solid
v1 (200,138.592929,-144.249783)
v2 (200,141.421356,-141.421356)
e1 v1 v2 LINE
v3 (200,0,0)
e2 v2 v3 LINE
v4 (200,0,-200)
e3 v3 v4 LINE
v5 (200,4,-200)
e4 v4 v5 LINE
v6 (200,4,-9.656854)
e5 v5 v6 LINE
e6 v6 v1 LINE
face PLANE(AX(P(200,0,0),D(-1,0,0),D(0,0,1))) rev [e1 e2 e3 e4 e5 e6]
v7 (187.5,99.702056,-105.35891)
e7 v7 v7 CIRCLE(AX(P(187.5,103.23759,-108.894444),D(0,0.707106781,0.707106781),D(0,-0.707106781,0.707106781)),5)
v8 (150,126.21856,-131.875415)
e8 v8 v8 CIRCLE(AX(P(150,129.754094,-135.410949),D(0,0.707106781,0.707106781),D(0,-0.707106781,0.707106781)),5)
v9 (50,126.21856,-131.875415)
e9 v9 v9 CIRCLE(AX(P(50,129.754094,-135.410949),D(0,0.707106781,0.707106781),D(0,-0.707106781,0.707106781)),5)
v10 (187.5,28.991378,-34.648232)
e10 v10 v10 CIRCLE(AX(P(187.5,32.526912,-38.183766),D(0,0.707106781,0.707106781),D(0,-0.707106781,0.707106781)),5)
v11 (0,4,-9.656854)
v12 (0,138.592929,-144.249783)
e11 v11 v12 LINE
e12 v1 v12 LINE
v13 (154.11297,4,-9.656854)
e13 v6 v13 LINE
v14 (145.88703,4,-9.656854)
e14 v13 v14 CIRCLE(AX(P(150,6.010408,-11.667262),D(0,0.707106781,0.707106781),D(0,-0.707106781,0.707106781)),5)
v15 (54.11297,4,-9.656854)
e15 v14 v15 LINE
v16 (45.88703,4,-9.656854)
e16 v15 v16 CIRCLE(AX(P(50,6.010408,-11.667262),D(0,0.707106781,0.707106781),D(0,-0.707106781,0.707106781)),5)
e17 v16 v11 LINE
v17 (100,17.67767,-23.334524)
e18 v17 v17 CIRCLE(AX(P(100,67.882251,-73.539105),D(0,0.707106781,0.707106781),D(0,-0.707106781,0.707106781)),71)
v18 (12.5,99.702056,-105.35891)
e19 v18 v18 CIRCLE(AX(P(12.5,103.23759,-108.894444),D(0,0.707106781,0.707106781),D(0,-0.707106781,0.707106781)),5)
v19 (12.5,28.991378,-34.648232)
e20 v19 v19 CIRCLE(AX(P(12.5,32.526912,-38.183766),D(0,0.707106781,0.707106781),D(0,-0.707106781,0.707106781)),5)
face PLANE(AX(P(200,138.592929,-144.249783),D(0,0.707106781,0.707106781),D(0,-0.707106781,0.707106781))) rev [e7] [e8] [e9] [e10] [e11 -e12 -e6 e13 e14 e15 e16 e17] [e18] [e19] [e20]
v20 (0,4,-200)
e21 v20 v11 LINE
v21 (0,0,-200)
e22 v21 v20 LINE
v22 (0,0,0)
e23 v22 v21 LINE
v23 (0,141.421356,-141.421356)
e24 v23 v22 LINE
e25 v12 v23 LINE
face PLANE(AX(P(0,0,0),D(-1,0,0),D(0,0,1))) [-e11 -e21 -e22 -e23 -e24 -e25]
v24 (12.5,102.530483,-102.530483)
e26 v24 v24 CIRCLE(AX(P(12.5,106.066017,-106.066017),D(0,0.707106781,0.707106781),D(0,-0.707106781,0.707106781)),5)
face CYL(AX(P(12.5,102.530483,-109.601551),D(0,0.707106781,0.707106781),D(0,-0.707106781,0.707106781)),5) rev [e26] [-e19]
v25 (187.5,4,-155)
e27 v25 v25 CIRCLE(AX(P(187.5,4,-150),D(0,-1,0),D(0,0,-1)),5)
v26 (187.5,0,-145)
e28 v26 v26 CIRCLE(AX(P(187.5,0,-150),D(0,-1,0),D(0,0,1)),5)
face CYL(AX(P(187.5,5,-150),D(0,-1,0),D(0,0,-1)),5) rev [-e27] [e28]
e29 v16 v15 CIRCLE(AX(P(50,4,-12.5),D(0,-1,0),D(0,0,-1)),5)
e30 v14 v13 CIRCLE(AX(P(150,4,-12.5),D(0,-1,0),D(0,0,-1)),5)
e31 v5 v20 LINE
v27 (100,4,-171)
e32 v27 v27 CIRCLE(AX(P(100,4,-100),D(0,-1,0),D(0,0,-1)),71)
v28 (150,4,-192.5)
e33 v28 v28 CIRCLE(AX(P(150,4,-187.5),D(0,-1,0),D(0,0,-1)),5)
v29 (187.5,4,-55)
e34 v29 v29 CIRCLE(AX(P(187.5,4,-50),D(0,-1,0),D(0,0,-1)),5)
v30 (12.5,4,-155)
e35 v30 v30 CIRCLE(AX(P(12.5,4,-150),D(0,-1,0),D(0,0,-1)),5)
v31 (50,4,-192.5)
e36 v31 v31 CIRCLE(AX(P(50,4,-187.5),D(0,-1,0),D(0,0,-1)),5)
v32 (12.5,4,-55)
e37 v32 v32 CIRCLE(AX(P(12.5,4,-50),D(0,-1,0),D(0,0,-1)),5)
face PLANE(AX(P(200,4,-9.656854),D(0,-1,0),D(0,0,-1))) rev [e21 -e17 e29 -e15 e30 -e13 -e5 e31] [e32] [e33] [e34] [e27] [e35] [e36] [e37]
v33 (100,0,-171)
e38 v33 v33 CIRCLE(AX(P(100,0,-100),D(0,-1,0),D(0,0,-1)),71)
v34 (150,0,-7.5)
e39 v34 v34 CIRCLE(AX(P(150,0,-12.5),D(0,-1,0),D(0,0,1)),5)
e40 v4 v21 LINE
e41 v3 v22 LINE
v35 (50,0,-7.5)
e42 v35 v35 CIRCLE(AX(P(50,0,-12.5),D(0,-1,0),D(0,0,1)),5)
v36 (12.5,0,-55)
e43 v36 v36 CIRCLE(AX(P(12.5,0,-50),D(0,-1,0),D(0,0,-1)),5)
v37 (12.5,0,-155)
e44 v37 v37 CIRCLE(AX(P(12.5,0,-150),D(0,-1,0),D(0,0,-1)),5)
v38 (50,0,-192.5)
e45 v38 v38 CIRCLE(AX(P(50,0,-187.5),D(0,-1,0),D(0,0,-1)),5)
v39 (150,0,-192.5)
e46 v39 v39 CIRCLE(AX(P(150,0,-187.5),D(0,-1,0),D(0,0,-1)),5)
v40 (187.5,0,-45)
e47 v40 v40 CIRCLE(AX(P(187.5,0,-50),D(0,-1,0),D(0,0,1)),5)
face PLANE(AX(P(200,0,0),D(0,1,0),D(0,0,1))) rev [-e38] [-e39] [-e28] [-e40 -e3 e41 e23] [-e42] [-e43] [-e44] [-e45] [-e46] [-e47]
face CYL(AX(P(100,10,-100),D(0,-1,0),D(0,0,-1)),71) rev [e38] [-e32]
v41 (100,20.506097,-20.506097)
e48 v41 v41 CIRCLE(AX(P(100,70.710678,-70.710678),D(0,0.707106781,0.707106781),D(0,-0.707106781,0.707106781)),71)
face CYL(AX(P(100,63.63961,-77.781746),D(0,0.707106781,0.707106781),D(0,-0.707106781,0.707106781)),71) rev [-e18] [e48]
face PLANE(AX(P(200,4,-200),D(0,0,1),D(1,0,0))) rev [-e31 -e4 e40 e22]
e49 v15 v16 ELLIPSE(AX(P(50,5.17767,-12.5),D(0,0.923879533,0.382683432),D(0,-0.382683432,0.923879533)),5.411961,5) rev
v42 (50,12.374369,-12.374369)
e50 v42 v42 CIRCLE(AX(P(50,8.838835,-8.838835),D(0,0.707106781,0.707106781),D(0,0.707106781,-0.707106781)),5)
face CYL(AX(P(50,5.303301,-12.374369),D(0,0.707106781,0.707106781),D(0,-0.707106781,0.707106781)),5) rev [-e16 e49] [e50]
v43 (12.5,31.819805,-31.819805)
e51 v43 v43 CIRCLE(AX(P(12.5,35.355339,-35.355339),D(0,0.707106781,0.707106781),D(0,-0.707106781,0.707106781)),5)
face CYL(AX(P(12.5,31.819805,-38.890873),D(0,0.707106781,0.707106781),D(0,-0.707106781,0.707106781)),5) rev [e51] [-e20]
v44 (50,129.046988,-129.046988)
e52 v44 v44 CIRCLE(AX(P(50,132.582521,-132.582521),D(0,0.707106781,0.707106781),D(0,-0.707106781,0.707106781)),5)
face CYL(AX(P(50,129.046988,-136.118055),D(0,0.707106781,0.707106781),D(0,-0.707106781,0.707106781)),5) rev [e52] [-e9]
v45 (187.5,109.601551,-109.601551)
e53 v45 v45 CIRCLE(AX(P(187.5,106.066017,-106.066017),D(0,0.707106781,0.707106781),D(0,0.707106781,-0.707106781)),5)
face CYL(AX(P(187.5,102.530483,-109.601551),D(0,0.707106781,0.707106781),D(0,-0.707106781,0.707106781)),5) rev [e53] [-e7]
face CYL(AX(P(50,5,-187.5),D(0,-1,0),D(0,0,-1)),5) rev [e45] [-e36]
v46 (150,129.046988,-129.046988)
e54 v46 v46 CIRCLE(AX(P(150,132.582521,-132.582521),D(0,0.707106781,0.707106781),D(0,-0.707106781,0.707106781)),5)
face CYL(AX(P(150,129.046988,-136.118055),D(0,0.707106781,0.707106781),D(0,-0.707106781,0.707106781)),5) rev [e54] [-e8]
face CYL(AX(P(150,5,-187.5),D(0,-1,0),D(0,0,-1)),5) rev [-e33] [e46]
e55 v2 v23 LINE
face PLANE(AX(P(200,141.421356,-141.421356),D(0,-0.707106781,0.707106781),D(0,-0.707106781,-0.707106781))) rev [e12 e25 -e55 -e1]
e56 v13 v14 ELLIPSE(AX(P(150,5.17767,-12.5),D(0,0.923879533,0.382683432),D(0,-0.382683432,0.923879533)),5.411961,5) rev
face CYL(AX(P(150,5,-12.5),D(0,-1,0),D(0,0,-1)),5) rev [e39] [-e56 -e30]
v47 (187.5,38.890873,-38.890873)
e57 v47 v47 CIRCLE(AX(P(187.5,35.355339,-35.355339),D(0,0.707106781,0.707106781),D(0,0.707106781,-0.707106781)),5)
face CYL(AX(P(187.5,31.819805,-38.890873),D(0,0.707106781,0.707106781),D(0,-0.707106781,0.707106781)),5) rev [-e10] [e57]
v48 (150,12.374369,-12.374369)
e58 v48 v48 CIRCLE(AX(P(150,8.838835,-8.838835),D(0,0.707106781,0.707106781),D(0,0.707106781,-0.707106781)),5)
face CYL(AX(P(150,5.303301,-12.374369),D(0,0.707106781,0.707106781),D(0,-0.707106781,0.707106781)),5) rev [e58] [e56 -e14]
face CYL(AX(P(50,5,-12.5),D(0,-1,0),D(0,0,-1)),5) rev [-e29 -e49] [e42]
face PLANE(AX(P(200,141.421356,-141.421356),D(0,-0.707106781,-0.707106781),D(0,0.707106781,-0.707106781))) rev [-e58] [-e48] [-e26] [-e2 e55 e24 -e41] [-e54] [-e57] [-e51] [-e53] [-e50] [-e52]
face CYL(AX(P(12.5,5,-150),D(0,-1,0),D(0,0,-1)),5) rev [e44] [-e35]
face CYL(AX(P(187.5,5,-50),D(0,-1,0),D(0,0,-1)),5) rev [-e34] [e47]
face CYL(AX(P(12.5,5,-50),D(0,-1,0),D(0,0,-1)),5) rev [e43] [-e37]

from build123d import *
from build123d.topology import SkipClean

# Parameters (mm, degrees)
EXTRUDE_1_DEPTH     = 200
SKETCH_4_R          = 5
CUT_EXTRUDE_3_DEPTH = 5
SKETCH_5_R          = 5
CUT_EXTRUDE_4_DEPTH = 5
SKETCH_6_R          = 71
CUT_EXTRUDE_5_DEPTH = 10
SKETCH_7_R          = 71
CUT_EXTRUDE_6_DEPTH = 10


with BuildPart() as part:
    # 草图1 → 凸台-拉伸1 (new body)
    with BuildSketch(Plane(origin=(0, 0, 0), x_dir=(0, 0, -1), z_dir=(1, 0, 0))):
        Polygon((141.421356237, 141.421356237), (0, 0), (200, 0), (200, 4), (9.656854249, 4), (144.249783362, 138.592929113), align=None)
    extrude(amount=EXTRUDE_1_DEPTH)

    # 草图4 → 切除-拉伸3 (cut)
    with SkipClean():  # the faces are left unmerged after this step: merging them gives an invalid solid
        with BuildSketch(Plane(origin=(0, 0, 0), x_dir=(1, 0, 0), z_dir=(0, 0.7071067811865512, 0.7071067811865438))):
            with Locations(Location((12.5, 150, 0), (0, 0, 270))):
                Circle(SKETCH_4_R)
            with Locations(Location((12.5, 50, 0), (0, 0, 270))):
                Circle(SKETCH_4_R)
            with Locations(Location((50, 187.5, 0), (0, 0, 270))):
                Circle(SKETCH_4_R)
            with Locations(Location((150, 187.5, 0), (0, 0, 270))):
                Circle(SKETCH_4_R)
            with Locations(Location((187.5, 50, 0), (0, 0, 270))):
                Circle(SKETCH_4_R)
            with Locations(Location((187.5, 150, 0), (0, 0, 270))):
                Circle(SKETCH_4_R)
            with Locations(Location((150, 12.5, 0), (0, 0, 325.345312559))):
                Circle(SKETCH_4_R)
            with Locations(Location((50, 12.5, 0), (0, 0, 325.345312559))):
                Circle(SKETCH_4_R)
        extrude(amount=-CUT_EXTRUDE_3_DEPTH, mode=Mode.SUBTRACT)

    # 草图5 → 切除-拉伸4 (cut)
    with BuildSketch(Plane.XZ):
        with Locations(Location((12.5, -50, 0), (0, 0, 270))):
            Circle(SKETCH_5_R)
        with Locations(Location((12.5, -150, 0), (0, 0, 270))):
            Circle(SKETCH_5_R)
        with Locations(Location((50, -187.5, 0), (0, 0, 270))):
            Circle(SKETCH_5_R)
        with Locations(Location((150, -187.5, 0), (0, 0, 270))):
            Circle(SKETCH_5_R)
        with Locations(Location((150, -12.5, 0), (0, 0, 34.654687441))):
            Circle(SKETCH_5_R)
        with Locations(Location((50, -12.5, 0), (0, 0, 34.654687441))):
            Circle(SKETCH_5_R)
        with Locations(Location((187.5, -150, 0), (0, 0, 270))):
            Circle(SKETCH_5_R)
        with Locations(Location((187.5, -50, 0), (0, 0, 270))):
            Circle(SKETCH_5_R)
    extrude(amount=-CUT_EXTRUDE_4_DEPTH, mode=Mode.SUBTRACT)

    # 草图6 → 切除-拉伸5 (cut)
    with BuildSketch(Plane(origin=(0, 0, 0), x_dir=(1, 0, 0), z_dir=(0, 0.7071067811865512, 0.7071067811865439))):
        with Locations(Location((100, 100, 0), (0, 0, 270))):
            Circle(SKETCH_6_R)
    extrude(amount=-CUT_EXTRUDE_5_DEPTH, mode=Mode.SUBTRACT)

    # 草图7 → 切除-拉伸6 (cut)
    with BuildSketch(Plane.XZ):
        with Locations(Location((100, -100, 0), (0, 0, 270))):
            Circle(SKETCH_7_R)
    extrude(amount=-CUT_EXTRUDE_6_DEPTH, mode=Mode.SUBTRACT)


solid = part.part
